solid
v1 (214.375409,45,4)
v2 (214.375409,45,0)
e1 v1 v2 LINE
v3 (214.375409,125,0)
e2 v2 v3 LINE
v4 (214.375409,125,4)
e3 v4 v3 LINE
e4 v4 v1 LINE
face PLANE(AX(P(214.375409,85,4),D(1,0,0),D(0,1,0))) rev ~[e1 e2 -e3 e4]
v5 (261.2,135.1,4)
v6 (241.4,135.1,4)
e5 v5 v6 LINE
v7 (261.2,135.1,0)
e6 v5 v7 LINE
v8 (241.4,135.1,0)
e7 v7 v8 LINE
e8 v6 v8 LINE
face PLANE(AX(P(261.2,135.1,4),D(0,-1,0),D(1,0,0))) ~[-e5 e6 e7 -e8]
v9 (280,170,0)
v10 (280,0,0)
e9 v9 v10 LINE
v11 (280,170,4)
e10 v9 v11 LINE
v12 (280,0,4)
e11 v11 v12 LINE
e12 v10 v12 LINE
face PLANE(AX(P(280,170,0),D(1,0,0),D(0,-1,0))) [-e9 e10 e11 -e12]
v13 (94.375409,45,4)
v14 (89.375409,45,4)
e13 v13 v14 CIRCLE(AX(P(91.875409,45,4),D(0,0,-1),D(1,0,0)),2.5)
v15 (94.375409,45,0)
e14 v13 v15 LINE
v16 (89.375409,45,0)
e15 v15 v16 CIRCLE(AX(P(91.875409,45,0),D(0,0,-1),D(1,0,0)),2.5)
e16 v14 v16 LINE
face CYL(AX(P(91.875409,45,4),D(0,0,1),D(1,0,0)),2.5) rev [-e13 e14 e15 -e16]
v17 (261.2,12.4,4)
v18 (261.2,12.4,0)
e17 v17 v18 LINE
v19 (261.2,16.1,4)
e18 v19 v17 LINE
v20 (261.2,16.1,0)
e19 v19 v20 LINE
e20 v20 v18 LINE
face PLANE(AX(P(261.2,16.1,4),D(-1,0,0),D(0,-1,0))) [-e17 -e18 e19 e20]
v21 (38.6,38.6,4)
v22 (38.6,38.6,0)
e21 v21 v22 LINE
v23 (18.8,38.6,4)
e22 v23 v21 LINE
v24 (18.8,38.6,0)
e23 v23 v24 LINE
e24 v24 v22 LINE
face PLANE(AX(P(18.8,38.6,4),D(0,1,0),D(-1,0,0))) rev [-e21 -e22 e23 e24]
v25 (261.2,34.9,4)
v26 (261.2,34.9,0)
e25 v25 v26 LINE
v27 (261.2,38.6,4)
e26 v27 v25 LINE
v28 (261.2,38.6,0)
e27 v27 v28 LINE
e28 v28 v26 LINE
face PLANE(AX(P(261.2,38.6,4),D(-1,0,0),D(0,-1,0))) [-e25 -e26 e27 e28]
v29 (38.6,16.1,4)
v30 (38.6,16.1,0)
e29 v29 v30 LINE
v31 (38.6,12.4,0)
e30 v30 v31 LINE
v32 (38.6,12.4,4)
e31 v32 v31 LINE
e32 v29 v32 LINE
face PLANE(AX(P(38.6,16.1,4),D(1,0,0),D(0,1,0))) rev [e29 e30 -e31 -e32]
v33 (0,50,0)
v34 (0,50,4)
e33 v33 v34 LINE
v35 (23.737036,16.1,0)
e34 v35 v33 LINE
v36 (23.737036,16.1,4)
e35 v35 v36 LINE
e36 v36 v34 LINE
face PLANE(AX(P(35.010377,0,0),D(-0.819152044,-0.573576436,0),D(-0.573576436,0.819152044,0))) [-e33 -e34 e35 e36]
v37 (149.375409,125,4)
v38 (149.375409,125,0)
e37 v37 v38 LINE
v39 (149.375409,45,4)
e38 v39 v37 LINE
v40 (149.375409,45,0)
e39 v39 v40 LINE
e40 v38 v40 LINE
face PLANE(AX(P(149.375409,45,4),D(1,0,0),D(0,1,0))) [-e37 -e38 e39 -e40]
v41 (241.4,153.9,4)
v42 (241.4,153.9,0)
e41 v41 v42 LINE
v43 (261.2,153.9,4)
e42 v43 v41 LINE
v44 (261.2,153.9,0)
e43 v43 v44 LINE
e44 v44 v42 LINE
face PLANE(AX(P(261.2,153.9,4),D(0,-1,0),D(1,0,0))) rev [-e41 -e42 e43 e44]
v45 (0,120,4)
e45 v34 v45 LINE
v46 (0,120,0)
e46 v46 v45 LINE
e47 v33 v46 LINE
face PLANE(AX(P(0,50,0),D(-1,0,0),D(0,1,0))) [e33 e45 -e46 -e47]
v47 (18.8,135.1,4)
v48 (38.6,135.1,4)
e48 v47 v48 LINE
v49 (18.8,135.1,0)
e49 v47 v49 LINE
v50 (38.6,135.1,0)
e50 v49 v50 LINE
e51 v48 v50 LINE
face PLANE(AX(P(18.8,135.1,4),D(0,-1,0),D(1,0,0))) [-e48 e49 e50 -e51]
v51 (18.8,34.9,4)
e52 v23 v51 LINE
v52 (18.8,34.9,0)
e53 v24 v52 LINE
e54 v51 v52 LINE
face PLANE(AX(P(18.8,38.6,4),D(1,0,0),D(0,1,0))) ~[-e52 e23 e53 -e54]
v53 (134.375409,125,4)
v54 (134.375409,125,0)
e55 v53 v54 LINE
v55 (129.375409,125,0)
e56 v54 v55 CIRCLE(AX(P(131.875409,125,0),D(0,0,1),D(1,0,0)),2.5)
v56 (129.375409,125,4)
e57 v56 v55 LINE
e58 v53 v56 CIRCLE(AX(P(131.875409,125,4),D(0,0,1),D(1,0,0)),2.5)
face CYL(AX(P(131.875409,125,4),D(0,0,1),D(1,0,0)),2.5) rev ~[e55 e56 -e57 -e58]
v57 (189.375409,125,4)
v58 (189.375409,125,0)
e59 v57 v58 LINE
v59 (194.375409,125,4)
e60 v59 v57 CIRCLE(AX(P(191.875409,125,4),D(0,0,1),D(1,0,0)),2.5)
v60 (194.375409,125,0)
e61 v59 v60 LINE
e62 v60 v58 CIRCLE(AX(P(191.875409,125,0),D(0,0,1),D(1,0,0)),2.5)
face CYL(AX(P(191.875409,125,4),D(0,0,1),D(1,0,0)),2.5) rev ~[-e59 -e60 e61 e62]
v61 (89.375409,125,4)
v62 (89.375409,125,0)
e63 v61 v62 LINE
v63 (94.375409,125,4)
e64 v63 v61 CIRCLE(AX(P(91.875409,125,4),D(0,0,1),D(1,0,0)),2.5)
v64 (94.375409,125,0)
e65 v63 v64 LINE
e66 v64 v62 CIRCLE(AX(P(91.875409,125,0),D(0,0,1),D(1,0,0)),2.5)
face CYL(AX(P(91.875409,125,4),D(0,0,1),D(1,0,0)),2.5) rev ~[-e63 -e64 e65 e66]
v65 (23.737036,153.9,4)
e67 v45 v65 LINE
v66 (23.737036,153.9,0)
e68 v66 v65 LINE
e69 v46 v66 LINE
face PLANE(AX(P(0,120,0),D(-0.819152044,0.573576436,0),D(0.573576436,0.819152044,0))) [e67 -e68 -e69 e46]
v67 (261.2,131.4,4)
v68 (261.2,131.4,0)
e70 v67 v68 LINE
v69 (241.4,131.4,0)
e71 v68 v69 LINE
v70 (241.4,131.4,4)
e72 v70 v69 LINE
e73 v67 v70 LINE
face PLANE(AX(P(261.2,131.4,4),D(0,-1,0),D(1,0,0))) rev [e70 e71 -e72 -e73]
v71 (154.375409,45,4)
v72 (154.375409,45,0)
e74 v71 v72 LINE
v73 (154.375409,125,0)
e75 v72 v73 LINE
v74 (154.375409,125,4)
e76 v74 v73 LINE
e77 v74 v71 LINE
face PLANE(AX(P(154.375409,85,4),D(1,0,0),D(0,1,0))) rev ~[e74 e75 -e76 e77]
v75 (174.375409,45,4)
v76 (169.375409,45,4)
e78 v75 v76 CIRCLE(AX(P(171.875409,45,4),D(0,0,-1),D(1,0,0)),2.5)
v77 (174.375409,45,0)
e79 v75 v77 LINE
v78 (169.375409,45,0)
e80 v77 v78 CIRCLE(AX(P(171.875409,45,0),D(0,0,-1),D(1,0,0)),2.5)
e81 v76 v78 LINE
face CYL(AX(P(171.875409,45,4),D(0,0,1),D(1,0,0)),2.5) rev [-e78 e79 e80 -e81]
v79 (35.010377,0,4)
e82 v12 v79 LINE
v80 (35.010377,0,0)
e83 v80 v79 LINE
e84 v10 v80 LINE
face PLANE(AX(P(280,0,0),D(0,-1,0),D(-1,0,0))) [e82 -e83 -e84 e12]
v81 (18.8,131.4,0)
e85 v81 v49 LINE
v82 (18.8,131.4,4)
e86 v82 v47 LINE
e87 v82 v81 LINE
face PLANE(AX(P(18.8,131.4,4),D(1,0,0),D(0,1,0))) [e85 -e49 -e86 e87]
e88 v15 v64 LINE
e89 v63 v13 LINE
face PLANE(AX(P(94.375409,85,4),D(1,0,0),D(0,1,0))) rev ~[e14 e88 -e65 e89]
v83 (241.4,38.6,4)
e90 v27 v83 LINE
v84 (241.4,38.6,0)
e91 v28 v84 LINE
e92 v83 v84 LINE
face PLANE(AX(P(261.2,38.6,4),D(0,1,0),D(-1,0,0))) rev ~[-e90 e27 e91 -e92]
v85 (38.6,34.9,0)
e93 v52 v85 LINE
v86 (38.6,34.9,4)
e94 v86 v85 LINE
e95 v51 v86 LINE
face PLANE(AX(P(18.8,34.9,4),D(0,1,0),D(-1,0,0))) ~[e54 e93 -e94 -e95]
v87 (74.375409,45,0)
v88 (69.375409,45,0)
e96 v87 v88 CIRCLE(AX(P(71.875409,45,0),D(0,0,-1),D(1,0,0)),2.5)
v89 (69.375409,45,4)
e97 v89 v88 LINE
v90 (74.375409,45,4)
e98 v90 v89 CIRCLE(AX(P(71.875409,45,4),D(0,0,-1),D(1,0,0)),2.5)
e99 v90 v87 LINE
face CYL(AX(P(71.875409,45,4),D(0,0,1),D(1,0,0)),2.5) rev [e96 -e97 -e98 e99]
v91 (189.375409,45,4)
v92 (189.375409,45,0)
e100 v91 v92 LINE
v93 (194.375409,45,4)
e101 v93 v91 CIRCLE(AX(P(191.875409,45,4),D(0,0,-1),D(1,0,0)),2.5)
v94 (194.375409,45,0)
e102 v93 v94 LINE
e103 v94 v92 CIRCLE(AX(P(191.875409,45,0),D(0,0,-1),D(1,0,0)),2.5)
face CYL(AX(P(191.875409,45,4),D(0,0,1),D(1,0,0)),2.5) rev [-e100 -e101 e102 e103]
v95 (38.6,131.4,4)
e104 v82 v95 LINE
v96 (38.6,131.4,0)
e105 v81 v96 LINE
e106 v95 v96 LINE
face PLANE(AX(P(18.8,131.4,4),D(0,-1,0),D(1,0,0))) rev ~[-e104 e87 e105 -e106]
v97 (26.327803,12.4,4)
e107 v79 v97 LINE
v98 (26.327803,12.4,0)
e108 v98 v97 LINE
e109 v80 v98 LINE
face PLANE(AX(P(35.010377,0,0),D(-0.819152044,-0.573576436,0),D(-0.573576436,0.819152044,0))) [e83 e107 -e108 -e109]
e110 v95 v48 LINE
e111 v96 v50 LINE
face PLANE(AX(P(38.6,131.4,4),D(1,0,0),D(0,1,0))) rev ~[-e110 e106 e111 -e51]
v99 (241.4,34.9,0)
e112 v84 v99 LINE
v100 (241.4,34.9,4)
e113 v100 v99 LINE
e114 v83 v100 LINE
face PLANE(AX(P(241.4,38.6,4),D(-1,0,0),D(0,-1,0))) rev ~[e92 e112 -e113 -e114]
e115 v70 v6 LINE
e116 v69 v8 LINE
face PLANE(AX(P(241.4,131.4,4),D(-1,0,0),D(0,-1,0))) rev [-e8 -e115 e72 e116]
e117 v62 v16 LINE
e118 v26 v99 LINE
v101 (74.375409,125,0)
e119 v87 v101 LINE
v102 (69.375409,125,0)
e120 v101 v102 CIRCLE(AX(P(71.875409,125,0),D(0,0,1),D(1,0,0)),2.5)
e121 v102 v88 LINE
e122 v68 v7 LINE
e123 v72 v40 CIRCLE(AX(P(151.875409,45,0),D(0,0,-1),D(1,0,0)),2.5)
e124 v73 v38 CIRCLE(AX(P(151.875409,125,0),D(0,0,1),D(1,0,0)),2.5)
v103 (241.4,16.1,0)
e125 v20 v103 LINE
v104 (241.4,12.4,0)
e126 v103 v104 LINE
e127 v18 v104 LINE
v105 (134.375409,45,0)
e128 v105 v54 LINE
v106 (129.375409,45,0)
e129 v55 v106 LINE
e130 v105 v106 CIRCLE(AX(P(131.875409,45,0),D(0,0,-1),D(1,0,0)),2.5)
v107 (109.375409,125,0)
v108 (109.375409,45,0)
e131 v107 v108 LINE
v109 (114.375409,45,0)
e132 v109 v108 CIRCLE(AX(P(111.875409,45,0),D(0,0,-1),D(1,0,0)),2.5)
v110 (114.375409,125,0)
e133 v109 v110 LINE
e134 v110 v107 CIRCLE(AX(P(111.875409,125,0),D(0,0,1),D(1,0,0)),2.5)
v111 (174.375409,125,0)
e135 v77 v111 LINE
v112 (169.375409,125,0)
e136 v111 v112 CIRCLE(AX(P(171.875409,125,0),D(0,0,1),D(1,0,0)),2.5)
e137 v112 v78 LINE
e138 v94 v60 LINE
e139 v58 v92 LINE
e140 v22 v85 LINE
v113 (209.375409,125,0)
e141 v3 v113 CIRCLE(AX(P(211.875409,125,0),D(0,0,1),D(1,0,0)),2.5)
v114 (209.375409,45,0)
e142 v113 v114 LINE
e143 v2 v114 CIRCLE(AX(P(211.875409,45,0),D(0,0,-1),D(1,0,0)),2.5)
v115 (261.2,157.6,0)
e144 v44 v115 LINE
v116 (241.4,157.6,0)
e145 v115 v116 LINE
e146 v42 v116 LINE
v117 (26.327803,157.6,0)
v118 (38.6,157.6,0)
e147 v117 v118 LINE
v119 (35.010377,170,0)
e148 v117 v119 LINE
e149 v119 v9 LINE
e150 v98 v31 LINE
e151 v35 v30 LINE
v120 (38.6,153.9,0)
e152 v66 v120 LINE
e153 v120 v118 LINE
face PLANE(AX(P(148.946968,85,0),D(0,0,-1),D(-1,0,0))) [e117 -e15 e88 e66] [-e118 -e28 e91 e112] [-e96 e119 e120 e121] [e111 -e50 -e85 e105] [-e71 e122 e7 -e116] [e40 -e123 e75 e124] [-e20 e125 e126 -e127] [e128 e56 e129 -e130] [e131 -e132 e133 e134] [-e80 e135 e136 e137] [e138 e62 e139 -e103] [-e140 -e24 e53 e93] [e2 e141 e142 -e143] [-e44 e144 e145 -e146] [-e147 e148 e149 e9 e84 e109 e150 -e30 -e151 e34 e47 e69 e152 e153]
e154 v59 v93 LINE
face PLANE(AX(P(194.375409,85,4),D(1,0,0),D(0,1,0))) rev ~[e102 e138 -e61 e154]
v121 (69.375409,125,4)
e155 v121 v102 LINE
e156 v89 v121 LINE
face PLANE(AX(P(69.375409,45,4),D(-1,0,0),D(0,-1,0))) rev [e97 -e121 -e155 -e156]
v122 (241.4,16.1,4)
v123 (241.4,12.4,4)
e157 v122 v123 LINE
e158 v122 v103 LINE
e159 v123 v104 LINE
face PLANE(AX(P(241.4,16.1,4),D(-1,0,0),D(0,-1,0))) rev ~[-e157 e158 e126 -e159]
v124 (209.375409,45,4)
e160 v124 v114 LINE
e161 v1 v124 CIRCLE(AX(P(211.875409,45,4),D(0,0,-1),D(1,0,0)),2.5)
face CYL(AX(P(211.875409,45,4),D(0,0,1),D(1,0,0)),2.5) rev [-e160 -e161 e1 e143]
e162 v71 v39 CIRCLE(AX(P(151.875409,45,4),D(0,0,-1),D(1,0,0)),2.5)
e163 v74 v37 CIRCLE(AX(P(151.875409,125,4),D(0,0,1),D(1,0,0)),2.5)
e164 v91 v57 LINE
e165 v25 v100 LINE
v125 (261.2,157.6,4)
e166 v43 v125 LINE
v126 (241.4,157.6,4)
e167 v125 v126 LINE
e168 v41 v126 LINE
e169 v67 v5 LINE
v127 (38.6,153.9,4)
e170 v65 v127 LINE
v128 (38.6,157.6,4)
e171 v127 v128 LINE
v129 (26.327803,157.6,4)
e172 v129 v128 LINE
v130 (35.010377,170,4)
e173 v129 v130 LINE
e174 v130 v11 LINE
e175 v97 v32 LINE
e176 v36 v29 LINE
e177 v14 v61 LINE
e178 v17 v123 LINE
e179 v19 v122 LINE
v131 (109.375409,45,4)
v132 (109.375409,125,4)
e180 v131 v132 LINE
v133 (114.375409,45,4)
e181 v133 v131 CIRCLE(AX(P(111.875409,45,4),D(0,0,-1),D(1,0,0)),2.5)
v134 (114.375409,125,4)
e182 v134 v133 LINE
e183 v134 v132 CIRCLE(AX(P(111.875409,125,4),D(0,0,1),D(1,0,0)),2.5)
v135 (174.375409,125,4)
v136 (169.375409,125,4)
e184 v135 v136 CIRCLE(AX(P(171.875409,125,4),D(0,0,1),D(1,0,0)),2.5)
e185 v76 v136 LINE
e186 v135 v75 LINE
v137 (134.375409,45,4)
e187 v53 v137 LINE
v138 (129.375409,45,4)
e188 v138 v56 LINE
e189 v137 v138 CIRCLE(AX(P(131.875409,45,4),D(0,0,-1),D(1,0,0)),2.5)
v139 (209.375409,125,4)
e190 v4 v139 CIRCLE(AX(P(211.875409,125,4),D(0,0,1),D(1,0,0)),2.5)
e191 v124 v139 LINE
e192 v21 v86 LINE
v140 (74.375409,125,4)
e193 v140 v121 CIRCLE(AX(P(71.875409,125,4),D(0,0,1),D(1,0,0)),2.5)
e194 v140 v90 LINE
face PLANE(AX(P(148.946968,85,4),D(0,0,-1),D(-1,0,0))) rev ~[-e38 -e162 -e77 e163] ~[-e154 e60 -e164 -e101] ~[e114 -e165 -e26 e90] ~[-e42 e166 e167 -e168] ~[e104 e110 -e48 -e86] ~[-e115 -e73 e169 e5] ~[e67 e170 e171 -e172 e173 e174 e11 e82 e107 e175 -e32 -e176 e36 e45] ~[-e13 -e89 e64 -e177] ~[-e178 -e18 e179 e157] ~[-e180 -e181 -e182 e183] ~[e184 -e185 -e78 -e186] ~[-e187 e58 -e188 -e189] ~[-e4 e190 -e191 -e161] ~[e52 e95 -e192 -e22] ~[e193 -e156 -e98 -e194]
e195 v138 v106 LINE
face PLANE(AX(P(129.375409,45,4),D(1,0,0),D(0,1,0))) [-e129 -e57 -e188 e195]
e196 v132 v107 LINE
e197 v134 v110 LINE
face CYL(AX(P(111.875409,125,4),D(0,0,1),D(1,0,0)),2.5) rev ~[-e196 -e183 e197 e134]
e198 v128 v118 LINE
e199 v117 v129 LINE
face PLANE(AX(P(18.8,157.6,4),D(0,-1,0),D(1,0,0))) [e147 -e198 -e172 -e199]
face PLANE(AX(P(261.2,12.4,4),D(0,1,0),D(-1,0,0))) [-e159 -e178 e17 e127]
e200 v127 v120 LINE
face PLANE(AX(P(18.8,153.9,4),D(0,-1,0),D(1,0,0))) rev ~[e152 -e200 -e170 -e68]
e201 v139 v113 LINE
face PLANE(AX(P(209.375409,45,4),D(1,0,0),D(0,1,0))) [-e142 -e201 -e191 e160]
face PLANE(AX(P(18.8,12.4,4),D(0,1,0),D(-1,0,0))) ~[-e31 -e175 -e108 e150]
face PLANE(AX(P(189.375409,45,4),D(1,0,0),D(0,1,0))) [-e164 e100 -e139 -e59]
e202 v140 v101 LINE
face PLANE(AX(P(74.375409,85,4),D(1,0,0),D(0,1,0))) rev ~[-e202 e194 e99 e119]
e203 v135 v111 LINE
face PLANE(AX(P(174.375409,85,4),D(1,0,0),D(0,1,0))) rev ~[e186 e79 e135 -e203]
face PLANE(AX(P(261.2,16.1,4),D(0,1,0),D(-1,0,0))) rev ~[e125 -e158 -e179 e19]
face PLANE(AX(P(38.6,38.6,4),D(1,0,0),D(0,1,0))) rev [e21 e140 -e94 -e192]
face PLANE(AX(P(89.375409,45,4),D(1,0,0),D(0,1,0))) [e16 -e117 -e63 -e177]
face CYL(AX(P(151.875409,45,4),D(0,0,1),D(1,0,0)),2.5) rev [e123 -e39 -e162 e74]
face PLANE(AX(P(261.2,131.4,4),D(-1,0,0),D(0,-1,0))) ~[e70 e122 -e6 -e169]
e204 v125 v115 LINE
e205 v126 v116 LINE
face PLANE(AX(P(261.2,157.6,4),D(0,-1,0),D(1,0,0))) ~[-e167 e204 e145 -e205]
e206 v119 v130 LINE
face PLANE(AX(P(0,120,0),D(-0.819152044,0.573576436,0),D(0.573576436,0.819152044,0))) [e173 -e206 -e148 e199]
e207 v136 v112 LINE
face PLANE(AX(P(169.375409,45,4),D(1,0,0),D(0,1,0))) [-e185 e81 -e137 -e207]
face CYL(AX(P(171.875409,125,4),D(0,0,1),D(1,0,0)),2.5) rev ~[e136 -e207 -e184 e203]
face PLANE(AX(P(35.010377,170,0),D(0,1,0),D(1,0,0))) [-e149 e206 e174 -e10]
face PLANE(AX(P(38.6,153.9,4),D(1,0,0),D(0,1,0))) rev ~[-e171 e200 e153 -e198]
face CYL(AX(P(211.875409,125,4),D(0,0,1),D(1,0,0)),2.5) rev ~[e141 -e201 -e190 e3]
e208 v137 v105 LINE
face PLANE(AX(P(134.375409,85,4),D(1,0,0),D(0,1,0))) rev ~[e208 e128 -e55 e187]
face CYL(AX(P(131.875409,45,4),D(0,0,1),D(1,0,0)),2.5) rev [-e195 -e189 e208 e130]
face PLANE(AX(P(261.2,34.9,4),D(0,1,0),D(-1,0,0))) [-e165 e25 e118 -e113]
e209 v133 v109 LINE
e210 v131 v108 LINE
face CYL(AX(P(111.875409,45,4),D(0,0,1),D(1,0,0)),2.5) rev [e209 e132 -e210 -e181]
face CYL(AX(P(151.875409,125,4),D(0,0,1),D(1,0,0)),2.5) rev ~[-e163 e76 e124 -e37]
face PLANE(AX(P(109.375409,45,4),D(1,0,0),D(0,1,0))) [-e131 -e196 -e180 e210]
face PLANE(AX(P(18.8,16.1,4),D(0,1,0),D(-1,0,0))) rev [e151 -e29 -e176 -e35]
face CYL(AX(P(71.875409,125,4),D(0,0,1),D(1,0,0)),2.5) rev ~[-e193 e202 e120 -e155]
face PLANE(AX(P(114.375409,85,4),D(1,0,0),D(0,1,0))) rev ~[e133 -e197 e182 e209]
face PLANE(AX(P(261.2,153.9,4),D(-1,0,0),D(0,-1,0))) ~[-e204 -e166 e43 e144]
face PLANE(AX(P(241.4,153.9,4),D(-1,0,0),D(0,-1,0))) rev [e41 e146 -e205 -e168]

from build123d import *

# Parameters (mm, degrees)
AUFSATZ_LINEAR_AUSTRAGEN1_DEPTH = 4
SKIZZE2_W                       = 19.8
SKIZZE2_H                       = 3.7
SCHNITT_LINEAR_AUSTRAGEN1_DEPTH = 4
SPIEGELN2_COPY_1_SKETCH_W       = 19.8
SPIEGELN2_COPY_1_SKETCH_H       = 3.7
SPIEGELN2_COPY_1_DEPTH          = 4
SCHNITT_LINEAR_AUSTRAGEN2_DEPTH = 4
LINEARES_MUSTER1_COUNT          = 8
LINEARES_MUSTER1_PITCH          = 20
LINEARES_MUSTER1_COPY_1_DEPTH   = 4
LINEARES_MUSTER1_COPY_2_DEPTH   = 4
LINEARES_MUSTER1_COPY_3_DEPTH   = 4
LINEARES_MUSTER1_COPY_4_DEPTH   = 4
LINEARES_MUSTER1_COPY_5_DEPTH   = 4
LINEARES_MUSTER1_COPY_6_DEPTH   = 4
LINEARES_MUSTER1_COPY_7_DEPTH   = 4


with BuildPart() as part:
    # Skizze1 → Aufsatz-Linear austragen1 (new body)
    with BuildSketch(Plane.XY):
        Polygon((35.01037691, 0), (0, 50), (0, 120), (35.01037691, 170), (280, 170), (280, 0), align=None)
    extrude(amount=AUFSATZ_LINEAR_AUSTRAGEN1_DEPTH)

    # Skizze2 → Schnitt-Linear austragen1 (cut)
    with BuildSketch(Plane.XY.offset(4)):
        with Locations((28.7, 155.75)):
            Rectangle(SKIZZE2_W, SKIZZE2_H)
        with Locations((28.7, 133.25)):
            Rectangle(SKIZZE2_W, SKIZZE2_H)
    schnitt_linear_austragen1 = extrude(amount=-SCHNITT_LINEAR_AUSTRAGEN1_DEPTH, mode=Mode.SUBTRACT)

    # Spiegeln1: Schnitt-Linear austragen1 across plane
    add(schnitt_linear_austragen1.mirror(Plane.ZX.offset(85)), mode=Mode.SUBTRACT)

    # Spiegeln2: Schnitt-Linear austragen1 across plane
    add(schnitt_linear_austragen1.mirror(Plane.ZY.offset(-140)), mode=Mode.SUBTRACT)

    # Spiegeln2 copy 1 sketch → Spiegeln2 copy 1 (cut)
    with BuildSketch(Plane(origin=(280, 170, 4), x_dir=(-1, 0, 0), z_dir=(0, 0, 1))):
        with Locations((28.7, 155.75)):
            Rectangle(SPIEGELN2_COPY_1_SKETCH_W, SPIEGELN2_COPY_1_SKETCH_H)
        with Locations((28.7, 133.25)):
            Rectangle(SPIEGELN2_COPY_1_SKETCH_W, SPIEGELN2_COPY_1_SKETCH_H)
    extrude(amount=-SPIEGELN2_COPY_1_DEPTH, mode=Mode.SUBTRACT)

    # Skizze4 → Schnitt-Linear austragen2 (cut)
    with BuildSketch(Plane.XY.offset(4)):
        with BuildLine():
            Line((69.37540934, 85), (74.37540934, 85))
            Line((74.37540934, 85), (74.37540934, 125))
            ThreePointArc((74.37540934, 125), (71.87540934, 127.5), (69.37540934, 125))
            Line((69.37540934, 125), (69.37540934, 85))
        make_face()
    schnitt_linear_austragen2 = extrude(amount=-SCHNITT_LINEAR_AUSTRAGEN2_DEPTH, mode=Mode.SUBTRACT)

    # Spiegeln3: Schnitt-Linear austragen2 across plane
    add(schnitt_linear_austragen2.mirror(Plane.ZX.offset(85)), mode=Mode.SUBTRACT)

    # Lineares Muster1: Schnitt-Linear austragen2 ×8
    with Locations(*[(i * LINEARES_MUSTER1_PITCH, 0, 0) for i in range(1, LINEARES_MUSTER1_COUNT)]):
        add(schnitt_linear_austragen2, mode=Mode.SUBTRACT)

    # Lineares Muster1 copy 1 sketch → Lineares Muster1 copy 1 (cut)
    with BuildSketch(Plane(origin=(20, 170, 4), x_dir=(1, 0, 0), z_dir=(0, 0, 1))):
        with BuildLine():
            Line((69.37540934, -85), (74.37540934, -85))
            Line((74.37540934, -85), (74.37540934, -125))
            ThreePointArc((74.37540934, -125), (71.87540934, -127.5), (69.37540934, -125))
            Line((69.37540934, -125), (69.37540934, -85))
        make_face()
    extrude(amount=-LINEARES_MUSTER1_COPY_1_DEPTH, mode=Mode.SUBTRACT)

    # Lineares Muster1 copy 2 sketch → Lineares Muster1 copy 2 (cut)
    with BuildSketch(Plane(origin=(40, 170, 4), x_dir=(1, 0, 0), z_dir=(0, 0, 1))):
        with BuildLine():
            Line((69.37540934, -85), (74.37540934, -85))
            Line((74.37540934, -85), (74.37540934, -125))
            ThreePointArc((74.37540934, -125), (71.87540934, -127.5), (69.37540934, -125))
            Line((69.37540934, -125), (69.37540934, -85))
        make_face()
    extrude(amount=-LINEARES_MUSTER1_COPY_2_DEPTH, mode=Mode.SUBTRACT)

    # Lineares Muster1 copy 3 sketch → Lineares Muster1 copy 3 (cut)
    with BuildSketch(Plane(origin=(60, 170, 4), x_dir=(1, 0, 0), z_dir=(0, 0, 1))):
        with BuildLine():
            Line((69.37540934, -85), (74.37540934, -85))
            Line((74.37540934, -85), (74.37540934, -125))
            ThreePointArc((74.37540934, -125), (71.87540934, -127.5), (69.37540934, -125))
            Line((69.37540934, -125), (69.37540934, -85))
        make_face()
    extrude(amount=-LINEARES_MUSTER1_COPY_3_DEPTH, mode=Mode.SUBTRACT)

    # Lineares Muster1 copy 4 sketch → Lineares Muster1 copy 4 (cut)
    with BuildSketch(Plane(origin=(80, 170, 4), x_dir=(1, 0, 0), z_dir=(0, 0, 1))):
        with BuildLine():
            Line((69.37540934, -85), (74.37540934, -85))
            Line((74.37540934, -85), (74.37540934, -125))
            ThreePointArc((74.37540934, -125), (71.87540934, -127.5), (69.37540934, -125))
            Line((69.37540934, -125), (69.37540934, -85))
        make_face()
    extrude(amount=-LINEARES_MUSTER1_COPY_4_DEPTH, mode=Mode.SUBTRACT)

    # Lineares Muster1 copy 5 sketch → Lineares Muster1 copy 5 (cut)
    with BuildSketch(Plane(origin=(100, 170, 4), x_dir=(1, 0, 0), z_dir=(0, 0, 1))):
        with BuildLine():
            Line((69.37540934, -85), (74.37540934, -85))
            Line((74.37540934, -85), (74.37540934, -125))
            ThreePointArc((74.37540934, -125), (71.87540934, -127.5), (69.37540934, -125))
            Line((69.37540934, -125), (69.37540934, -85))
        make_face()
    extrude(amount=-LINEARES_MUSTER1_COPY_5_DEPTH, mode=Mode.SUBTRACT)

    # Lineares Muster1 copy 6 sketch → Lineares Muster1 copy 6 (cut)
    with BuildSketch(Plane(origin=(120, 170, 4), x_dir=(1, 0, 0), z_dir=(0, 0, 1))):
        with BuildLine():
            Line((69.37540934, -85), (74.37540934, -85))
            Line((74.37540934, -85), (74.37540934, -125))
            ThreePointArc((74.37540934, -125), (71.87540934, -127.5), (69.37540934, -125))
            Line((69.37540934, -125), (69.37540934, -85))
        make_face()
    extrude(amount=-LINEARES_MUSTER1_COPY_6_DEPTH, mode=Mode.SUBTRACT)

    # Lineares Muster1 copy 7 sketch → Lineares Muster1 copy 7 (cut)
    with BuildSketch(Plane(origin=(140, 170, 4), x_dir=(1, 0, 0), z_dir=(0, 0, 1))):
        with BuildLine():
            Line((69.37540934, -85), (74.37540934, -85))
            Line((74.37540934, -85), (74.37540934, -125))
            ThreePointArc((74.37540934, -125), (71.87540934, -127.5), (69.37540934, -125))
            Line((69.37540934, -125), (69.37540934, -85))
        make_face()
    extrude(amount=-LINEARES_MUSTER1_COPY_7_DEPTH, mode=Mode.SUBTRACT)


solid = part.part
